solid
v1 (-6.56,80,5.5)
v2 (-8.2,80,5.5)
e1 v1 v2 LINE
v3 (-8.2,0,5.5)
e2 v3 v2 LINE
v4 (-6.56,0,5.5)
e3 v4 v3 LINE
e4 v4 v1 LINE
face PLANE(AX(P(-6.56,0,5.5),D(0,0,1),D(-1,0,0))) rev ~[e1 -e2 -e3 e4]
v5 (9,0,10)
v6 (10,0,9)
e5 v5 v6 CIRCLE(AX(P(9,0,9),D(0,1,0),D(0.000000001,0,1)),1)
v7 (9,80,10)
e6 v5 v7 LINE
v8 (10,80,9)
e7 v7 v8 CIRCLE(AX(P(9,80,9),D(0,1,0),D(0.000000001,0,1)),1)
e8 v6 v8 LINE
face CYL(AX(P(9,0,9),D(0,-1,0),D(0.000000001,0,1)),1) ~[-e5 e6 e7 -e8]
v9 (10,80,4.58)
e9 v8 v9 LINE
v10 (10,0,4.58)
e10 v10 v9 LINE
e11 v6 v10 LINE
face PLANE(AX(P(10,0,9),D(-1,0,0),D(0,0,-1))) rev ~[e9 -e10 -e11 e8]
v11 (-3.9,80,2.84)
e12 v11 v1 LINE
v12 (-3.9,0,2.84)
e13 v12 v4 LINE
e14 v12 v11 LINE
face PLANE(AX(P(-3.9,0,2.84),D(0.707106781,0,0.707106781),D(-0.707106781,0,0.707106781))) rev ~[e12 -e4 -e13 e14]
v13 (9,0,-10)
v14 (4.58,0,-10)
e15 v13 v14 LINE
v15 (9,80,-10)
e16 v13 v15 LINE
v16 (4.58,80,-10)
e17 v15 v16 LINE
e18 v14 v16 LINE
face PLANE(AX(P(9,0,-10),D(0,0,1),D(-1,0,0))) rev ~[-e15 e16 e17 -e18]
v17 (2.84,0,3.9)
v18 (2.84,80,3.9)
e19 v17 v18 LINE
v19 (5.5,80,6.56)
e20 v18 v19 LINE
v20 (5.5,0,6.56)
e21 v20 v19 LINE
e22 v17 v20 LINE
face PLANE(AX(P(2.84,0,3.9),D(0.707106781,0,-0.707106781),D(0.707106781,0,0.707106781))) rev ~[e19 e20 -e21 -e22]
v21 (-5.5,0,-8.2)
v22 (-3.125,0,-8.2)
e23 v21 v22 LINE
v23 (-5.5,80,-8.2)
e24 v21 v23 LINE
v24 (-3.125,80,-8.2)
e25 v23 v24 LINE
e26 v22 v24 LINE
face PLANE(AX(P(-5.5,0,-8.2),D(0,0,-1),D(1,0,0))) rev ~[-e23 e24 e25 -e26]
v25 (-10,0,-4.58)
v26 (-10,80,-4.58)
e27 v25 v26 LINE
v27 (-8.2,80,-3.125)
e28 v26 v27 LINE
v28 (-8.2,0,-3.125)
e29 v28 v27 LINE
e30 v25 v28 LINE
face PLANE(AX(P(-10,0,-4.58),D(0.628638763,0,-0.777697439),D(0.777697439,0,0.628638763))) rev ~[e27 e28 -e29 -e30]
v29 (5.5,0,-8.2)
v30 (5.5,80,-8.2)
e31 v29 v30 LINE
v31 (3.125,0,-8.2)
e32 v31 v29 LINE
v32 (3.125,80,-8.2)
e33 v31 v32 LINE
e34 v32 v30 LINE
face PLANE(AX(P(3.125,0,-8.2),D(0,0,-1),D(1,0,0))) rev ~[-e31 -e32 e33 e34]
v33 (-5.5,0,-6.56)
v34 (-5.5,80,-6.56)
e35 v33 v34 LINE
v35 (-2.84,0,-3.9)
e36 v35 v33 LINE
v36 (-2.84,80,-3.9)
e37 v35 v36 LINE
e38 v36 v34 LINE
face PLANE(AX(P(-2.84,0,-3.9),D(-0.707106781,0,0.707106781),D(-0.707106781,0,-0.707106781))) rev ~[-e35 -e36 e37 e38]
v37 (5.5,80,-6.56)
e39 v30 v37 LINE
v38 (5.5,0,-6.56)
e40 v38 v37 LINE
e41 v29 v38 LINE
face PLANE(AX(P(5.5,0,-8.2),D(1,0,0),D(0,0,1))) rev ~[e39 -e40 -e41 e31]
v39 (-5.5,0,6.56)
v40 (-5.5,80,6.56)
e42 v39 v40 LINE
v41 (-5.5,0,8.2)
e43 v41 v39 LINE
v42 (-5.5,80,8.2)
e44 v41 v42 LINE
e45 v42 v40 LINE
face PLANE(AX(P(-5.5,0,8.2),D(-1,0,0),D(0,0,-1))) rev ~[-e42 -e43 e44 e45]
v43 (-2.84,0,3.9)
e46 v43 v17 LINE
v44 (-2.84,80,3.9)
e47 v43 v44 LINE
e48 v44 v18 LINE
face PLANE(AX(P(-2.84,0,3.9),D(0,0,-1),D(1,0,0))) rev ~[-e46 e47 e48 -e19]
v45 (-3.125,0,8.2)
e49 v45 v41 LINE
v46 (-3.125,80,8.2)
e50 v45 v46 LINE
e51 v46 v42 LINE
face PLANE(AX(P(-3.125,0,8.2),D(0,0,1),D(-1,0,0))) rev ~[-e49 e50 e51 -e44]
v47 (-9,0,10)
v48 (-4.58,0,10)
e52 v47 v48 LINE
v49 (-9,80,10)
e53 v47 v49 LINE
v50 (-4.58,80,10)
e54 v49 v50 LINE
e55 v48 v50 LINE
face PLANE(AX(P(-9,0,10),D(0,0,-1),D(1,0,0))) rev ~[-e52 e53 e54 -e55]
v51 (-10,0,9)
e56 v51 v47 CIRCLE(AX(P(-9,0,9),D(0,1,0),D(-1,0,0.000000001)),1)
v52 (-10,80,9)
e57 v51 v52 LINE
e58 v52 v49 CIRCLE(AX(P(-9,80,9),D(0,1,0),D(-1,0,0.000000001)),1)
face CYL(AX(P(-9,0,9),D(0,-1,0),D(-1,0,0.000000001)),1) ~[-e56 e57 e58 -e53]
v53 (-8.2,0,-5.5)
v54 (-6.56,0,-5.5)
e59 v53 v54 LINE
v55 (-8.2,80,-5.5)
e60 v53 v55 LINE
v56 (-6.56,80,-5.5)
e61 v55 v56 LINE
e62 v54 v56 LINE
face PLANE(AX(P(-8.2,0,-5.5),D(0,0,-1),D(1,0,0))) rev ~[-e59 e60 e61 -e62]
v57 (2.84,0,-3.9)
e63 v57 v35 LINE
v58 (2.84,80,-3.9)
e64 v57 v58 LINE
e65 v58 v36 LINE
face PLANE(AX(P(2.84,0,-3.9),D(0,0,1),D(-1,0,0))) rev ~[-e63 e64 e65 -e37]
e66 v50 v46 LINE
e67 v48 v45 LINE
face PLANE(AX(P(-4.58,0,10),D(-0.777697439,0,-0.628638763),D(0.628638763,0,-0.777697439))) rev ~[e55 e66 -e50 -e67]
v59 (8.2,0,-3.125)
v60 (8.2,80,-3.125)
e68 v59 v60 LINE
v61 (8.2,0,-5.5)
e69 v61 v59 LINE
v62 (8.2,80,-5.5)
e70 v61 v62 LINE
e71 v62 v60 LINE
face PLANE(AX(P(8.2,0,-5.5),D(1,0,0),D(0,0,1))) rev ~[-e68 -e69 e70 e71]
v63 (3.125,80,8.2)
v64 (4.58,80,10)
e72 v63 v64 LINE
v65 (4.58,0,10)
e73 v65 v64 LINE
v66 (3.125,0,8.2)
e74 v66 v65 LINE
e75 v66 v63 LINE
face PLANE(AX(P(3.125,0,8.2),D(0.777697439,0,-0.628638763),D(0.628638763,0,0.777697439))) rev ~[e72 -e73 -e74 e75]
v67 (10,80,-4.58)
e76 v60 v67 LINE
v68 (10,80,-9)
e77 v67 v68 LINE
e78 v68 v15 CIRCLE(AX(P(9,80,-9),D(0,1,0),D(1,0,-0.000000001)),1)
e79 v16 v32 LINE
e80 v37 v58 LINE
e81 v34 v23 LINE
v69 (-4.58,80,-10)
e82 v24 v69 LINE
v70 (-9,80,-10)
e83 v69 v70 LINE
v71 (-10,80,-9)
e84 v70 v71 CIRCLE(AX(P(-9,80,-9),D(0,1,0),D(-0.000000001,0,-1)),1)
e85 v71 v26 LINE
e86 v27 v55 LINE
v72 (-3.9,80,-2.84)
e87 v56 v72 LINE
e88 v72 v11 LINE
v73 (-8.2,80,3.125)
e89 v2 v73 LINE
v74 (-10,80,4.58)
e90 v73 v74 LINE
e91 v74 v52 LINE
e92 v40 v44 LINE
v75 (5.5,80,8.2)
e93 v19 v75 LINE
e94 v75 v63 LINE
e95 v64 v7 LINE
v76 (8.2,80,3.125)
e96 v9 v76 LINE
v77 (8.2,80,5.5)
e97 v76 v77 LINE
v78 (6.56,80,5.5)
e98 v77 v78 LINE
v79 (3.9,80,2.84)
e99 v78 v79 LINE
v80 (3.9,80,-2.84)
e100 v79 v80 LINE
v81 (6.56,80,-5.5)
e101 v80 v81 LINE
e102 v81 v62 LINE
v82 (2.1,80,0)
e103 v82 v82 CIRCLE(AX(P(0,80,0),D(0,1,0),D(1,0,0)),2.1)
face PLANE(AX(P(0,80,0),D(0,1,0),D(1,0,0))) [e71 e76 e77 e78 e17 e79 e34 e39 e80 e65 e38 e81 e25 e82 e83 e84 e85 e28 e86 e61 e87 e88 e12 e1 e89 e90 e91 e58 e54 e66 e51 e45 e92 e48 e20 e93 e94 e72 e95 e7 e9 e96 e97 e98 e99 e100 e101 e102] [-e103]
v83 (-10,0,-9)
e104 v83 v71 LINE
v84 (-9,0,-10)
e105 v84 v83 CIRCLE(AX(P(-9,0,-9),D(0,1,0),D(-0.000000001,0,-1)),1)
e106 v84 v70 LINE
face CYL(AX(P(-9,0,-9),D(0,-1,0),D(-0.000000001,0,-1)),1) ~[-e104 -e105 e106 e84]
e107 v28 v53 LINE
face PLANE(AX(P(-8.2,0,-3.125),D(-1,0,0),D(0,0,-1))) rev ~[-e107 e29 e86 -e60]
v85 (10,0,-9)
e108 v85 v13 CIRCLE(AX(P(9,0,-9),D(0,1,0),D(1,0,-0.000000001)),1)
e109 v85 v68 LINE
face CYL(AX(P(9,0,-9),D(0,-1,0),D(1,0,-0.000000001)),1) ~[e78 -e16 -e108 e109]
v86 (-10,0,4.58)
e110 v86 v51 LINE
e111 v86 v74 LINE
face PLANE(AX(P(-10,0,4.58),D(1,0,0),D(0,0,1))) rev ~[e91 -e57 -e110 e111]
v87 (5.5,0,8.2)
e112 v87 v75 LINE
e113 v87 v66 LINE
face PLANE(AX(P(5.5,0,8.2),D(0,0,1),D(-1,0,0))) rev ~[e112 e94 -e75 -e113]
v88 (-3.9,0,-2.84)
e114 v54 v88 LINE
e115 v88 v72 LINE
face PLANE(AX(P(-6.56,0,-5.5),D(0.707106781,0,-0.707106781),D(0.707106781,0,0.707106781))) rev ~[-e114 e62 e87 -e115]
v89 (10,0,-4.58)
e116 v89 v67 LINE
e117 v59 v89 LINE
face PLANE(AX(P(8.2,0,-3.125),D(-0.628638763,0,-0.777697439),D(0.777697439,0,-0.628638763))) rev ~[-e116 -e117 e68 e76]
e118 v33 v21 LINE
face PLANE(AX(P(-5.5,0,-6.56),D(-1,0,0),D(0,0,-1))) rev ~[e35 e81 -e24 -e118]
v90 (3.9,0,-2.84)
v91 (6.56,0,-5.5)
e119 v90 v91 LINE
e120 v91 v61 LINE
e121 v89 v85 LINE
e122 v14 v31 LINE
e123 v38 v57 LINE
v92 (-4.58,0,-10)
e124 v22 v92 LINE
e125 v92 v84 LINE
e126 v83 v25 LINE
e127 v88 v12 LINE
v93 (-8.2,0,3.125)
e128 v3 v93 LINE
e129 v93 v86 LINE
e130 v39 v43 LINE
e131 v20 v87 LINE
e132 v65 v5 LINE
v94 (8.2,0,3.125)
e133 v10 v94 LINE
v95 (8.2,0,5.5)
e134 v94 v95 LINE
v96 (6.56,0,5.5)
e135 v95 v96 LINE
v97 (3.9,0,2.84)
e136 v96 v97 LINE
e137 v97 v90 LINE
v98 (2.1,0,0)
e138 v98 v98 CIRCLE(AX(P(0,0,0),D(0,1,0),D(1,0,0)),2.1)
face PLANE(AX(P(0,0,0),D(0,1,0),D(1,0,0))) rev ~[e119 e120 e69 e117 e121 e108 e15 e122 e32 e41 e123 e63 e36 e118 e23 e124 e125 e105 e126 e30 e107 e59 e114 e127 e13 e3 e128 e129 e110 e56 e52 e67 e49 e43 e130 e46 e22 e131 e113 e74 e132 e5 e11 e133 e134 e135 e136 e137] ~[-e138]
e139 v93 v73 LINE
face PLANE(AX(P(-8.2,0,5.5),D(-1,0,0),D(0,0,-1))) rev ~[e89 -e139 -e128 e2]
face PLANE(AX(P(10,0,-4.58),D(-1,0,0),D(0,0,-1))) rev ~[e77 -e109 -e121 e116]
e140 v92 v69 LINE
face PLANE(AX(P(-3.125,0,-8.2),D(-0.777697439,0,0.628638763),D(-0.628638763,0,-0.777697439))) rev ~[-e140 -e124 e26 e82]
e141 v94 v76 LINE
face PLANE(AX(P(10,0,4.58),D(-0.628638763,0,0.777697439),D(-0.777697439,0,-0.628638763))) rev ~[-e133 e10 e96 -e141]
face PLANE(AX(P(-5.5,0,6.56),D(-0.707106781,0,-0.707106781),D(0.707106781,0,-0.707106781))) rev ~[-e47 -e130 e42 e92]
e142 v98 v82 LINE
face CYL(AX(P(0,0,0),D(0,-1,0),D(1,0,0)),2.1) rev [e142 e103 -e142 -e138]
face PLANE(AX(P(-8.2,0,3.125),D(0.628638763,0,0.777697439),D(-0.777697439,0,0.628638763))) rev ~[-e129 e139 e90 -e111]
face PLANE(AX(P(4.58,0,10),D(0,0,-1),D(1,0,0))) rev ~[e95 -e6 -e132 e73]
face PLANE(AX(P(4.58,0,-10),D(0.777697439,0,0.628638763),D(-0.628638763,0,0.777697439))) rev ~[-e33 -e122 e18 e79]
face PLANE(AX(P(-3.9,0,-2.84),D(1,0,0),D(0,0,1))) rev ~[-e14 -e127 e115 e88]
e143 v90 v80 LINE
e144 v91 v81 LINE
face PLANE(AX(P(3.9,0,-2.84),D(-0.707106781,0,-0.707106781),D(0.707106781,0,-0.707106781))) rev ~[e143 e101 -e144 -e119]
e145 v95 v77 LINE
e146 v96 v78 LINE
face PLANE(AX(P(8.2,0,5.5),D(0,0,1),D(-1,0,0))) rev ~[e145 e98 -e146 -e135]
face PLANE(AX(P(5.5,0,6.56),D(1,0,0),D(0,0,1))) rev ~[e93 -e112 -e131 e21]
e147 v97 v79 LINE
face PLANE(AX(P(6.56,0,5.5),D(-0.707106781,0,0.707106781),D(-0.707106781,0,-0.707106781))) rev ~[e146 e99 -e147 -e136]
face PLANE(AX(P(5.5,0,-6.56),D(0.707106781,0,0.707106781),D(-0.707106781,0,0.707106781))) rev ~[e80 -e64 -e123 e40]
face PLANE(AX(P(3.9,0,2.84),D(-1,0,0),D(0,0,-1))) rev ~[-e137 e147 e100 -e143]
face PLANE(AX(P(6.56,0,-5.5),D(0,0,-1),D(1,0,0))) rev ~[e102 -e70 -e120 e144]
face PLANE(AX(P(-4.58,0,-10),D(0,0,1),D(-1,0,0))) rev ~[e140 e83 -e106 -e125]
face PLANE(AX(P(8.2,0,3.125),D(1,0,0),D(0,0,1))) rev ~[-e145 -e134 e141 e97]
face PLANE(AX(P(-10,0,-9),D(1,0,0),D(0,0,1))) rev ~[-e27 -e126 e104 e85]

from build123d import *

# Parameters (mm, degrees)
SKETCH1_R           = 2.1
BOSS_EXTRUDE1_DEPTH = 80


with BuildPart() as part:
    # Sketch1 → Boss-Extrude1 (new body)
    with BuildSketch(Plane(origin=(0, 0, 0), x_dir=(1, 0, 0), z_dir=(0, 1, 0))):
        with BuildLine():
            Line((-5.5, 8.2), (-3.125, 8.2))
            Line((-3.125, 8.2), (-4.58, 10))
            Line((-4.58, 10), (-9, 10))
            ThreePointArc((-9, 10), (-9.707106781, 9.707106781), (-10, 9))
            Line((-10, 9), (-10, 4.58))
            Line((-10, 4.58), (-8.2, 3.125))
            Line((-8.2, 3.125), (-8.2, 5.5))
            Line((-8.2, 5.5), (-6.56, 5.5))
            Line((-6.56, 5.5), (-3.9, 2.84))
            Line((-3.9, 2.84), (-3.9, -2.84))
            Line((-3.9, -2.84), (-6.56, -5.5))
            Line((-6.56, -5.5), (-8.2, -5.5))
            Line((-8.2, -5.5), (-8.2, -3.125))
            Line((-8.2, -3.125), (-10, -4.58))
            Line((-10, -4.58), (-10, -9))
            ThreePointArc((-10, -9), (-9.707106781, -9.707106781), (-9, -10))
            Line((-9, -10), (-4.58, -10))
            Line((-4.58, -10), (-3.125, -8.2))
            Line((-3.125, -8.2), (-5.5, -8.2))
            Line((-5.5, -8.2), (-5.5, -6.56))
            Line((-5.5, -6.56), (-2.84, -3.9))
            Line((-2.84, -3.9), (2.84, -3.9))
            Line((2.84, -3.9), (5.5, -6.56))
            Line((5.5, -6.56), (5.5, -8.2))
            Line((5.5, -8.2), (3.125, -8.2))
            Line((3.125, -8.2), (4.58, -10))
            Line((4.58, -10), (9, -10))
            ThreePointArc((9, -10), (9.707106781, -9.707106781), (10, -9))
            Line((10, -9), (10, -4.58))
            Line((10, -4.58), (8.2, -3.125))
            Line((8.2, -3.125), (8.2, -5.5))
            Line((8.2, -5.5), (6.56, -5.5))
            Line((6.56, -5.5), (3.9, -2.84))
            Line((3.9, -2.84), (3.9, 2.84))
            Line((3.9, 2.84), (6.56, 5.5))
            Line((6.56, 5.5), (8.2, 5.5))
            Line((8.2, 5.5), (8.2, 3.125))
            Line((8.2, 3.125), (10, 4.58))
            Line((10, 4.58), (10, 9))
            ThreePointArc((10, 9), (9.707106781, 9.707106781), (9, 10))
            Line((9, 10), (4.58, 10))
            Line((4.58, 10), (3.125, 8.2))
            Line((3.125, 8.2), (5.5, 8.2))
            Line((5.5, 8.2), (5.5, 6.56))
            Line((5.5, 6.56), (2.84, 3.9))
            Line((2.84, 3.9), (-2.84, 3.9))
            Line((-2.84, 3.9), (-5.5, 6.56))
            Line((-5.5, 6.56), (-5.5, 8.2))
        make_face()
        Circle(SKETCH1_R, mode=Mode.SUBTRACT)
    extrude(amount=BOSS_EXTRUDE1_DEPTH)


solid = part.part
